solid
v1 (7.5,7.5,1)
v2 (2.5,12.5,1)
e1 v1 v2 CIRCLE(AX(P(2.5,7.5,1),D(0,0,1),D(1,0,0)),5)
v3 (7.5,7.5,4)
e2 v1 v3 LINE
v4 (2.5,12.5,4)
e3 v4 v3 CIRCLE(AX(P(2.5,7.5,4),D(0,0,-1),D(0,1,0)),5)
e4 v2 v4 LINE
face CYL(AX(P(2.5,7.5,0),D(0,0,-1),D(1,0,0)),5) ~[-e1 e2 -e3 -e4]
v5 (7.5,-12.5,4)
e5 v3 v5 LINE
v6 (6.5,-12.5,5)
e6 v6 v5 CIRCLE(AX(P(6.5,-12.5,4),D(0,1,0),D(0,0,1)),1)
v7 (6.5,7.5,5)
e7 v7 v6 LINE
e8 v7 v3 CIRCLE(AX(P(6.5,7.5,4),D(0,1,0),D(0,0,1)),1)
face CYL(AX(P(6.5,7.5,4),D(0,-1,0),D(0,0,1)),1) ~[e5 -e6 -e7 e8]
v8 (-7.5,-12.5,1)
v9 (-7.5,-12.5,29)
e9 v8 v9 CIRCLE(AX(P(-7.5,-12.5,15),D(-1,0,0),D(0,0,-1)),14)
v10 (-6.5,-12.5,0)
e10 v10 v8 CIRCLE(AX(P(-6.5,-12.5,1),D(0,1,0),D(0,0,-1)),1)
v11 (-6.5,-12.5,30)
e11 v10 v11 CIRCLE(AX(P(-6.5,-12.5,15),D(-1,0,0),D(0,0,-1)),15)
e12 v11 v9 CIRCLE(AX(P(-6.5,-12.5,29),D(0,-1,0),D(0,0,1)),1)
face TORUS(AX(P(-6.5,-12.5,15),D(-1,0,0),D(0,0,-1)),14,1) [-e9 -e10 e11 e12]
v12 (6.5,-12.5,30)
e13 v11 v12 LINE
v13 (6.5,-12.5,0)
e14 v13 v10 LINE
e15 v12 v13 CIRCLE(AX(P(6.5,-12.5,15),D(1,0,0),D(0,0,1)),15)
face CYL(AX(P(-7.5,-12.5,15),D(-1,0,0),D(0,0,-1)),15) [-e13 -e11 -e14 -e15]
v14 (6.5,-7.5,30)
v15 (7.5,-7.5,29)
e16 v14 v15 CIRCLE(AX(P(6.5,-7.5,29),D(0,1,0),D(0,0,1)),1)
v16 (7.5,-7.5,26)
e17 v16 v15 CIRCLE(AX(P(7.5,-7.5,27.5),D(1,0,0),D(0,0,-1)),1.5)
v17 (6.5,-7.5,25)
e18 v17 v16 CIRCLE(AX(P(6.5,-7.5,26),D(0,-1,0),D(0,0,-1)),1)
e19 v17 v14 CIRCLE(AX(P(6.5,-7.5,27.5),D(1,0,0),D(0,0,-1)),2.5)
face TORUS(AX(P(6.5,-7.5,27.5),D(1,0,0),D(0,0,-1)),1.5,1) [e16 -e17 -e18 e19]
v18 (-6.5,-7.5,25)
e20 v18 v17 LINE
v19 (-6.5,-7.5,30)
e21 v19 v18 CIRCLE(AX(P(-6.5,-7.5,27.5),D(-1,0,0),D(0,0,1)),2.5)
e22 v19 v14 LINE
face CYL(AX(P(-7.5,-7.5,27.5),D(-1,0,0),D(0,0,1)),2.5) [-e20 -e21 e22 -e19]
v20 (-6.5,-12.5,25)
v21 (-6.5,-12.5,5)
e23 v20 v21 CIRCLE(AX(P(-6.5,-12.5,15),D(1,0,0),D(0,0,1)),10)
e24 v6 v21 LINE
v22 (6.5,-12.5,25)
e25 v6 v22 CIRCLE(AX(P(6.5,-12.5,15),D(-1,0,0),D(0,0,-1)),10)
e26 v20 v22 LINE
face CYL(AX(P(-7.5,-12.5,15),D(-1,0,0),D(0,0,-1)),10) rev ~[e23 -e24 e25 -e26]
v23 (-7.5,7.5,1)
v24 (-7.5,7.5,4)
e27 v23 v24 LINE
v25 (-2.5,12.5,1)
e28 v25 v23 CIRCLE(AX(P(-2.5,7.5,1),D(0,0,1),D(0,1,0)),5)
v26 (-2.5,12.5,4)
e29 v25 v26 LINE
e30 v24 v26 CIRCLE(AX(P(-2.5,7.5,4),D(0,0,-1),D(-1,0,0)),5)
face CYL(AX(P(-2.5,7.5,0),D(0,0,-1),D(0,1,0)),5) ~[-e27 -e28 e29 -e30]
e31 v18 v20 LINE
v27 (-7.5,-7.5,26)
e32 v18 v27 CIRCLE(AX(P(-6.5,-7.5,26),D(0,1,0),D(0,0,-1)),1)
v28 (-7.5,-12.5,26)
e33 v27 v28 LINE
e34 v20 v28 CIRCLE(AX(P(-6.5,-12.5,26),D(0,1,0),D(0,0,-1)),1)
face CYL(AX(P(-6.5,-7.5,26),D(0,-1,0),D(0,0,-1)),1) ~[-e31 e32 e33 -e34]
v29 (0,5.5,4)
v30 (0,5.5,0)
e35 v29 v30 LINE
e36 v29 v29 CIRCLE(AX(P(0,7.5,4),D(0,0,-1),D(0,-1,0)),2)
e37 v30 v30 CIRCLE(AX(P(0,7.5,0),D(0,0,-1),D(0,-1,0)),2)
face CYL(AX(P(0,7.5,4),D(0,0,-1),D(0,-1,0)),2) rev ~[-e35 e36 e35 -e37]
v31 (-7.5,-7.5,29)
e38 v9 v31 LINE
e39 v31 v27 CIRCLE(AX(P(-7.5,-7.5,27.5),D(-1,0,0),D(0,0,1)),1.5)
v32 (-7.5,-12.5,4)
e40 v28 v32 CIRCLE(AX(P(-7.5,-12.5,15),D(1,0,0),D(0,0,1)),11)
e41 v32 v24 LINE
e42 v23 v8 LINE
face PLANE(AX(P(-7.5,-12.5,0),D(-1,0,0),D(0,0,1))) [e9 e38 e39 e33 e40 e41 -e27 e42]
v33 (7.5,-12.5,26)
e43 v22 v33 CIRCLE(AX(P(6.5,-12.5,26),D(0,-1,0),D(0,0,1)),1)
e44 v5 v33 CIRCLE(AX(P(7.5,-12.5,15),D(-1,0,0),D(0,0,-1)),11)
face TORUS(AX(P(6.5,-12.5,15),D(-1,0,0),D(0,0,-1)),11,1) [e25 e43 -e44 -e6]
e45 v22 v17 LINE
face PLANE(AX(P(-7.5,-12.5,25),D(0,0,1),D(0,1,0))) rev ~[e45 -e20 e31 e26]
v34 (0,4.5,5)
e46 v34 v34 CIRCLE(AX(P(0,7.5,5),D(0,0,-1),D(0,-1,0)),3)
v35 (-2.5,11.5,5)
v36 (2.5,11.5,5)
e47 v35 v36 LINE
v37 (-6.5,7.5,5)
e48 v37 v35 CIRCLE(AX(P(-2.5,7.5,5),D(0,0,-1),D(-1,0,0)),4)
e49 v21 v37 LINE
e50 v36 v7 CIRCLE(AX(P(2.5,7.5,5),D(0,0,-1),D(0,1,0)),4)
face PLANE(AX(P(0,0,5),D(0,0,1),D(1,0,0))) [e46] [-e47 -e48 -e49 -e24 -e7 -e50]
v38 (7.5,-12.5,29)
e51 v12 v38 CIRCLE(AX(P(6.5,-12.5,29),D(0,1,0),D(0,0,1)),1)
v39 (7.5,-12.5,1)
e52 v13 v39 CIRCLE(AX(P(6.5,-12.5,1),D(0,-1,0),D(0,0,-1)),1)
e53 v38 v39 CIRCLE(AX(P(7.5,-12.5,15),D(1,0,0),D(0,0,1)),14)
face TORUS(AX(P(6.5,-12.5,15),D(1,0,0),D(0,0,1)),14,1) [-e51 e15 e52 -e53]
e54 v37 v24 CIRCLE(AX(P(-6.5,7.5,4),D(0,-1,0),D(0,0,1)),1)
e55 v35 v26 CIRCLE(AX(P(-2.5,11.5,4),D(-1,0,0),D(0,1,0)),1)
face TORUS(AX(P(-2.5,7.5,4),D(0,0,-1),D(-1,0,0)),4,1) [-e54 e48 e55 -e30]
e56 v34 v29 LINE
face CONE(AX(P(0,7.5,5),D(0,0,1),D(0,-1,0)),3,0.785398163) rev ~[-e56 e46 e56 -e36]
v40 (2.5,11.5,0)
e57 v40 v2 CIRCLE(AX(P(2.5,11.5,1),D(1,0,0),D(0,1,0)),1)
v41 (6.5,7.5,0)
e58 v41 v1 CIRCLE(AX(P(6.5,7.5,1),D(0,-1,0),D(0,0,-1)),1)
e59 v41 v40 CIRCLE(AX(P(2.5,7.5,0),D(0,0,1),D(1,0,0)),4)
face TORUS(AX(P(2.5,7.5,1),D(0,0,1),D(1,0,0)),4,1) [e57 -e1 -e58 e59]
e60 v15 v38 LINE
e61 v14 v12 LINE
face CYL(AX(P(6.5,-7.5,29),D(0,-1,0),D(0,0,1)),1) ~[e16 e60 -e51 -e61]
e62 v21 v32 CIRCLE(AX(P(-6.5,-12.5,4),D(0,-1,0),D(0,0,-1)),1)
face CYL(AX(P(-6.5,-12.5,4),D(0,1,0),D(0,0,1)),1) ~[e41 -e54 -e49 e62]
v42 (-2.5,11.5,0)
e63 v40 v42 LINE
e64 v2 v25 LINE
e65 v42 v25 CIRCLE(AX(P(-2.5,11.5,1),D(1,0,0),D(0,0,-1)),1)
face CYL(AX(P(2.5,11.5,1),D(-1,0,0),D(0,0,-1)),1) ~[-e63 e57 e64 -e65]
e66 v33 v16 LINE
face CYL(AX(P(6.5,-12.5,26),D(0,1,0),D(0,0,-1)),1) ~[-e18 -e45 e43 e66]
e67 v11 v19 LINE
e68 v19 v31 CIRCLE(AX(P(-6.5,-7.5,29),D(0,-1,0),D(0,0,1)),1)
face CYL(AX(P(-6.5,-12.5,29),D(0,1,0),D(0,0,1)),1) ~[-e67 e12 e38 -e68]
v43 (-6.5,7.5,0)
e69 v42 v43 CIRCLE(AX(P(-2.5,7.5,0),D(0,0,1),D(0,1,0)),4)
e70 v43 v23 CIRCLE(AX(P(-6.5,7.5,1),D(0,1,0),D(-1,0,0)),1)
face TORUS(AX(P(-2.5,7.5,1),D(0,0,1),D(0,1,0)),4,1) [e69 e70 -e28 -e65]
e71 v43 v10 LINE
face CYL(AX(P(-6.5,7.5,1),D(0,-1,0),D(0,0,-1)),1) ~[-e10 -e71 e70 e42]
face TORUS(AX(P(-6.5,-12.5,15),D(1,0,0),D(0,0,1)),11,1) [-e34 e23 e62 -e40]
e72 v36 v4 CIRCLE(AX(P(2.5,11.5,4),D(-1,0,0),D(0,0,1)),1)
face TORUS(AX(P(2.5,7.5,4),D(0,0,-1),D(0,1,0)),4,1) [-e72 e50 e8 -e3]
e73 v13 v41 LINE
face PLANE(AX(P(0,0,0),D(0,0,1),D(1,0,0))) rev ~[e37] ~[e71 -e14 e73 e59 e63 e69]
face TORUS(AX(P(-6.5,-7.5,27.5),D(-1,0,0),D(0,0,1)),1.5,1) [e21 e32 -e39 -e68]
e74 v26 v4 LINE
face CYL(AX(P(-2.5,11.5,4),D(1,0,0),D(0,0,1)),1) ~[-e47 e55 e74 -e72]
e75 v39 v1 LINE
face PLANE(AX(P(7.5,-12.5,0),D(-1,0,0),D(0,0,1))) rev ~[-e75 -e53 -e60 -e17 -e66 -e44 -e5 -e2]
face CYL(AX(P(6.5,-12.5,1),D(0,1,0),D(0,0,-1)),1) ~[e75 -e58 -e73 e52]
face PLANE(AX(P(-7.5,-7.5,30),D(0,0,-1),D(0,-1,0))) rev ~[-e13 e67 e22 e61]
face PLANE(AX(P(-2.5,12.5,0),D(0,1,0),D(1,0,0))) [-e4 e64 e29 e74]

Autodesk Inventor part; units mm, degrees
ref_plane "YZ Plane" through (0, 0, 0) normal (1, 0, 0) x (0, 1, 0)
ref_plane "XZ Plane" through (0, 0, 0) normal (0, 1, 0) x (-1, 0, 0)
ref_plane "XY Plane" through (0, 0, 0) normal (0, 0, 1) x (1, 0, 0)
sketch "Sketch1" plane through (0, 0, 0) normal (0, 0, 1) x (1, 0, 0)
  line L0 (-2.5, 12.5) -> (2.5, 12.5)
  line L1 (7.5, 7.5) -> (7.5, -12.5)
  line L2 (7.5, -12.5) -> (-7.5, -12.5)
  line L3 (-7.5, -12.5) -> (-7.5, 7.5)
  line L4 (-7.5, 12.5) -> (7.5, -12.5) construction
  line L5 (7.5, 12.5) -> (-7.5, -12.5) construction
  arc A0 (-2.5, 12.5) -> (-7.5, 7.5) centre (-2.5, 7.5) ccw
  arc A1 (7.5, 7.5) -> (2.5, 12.5) centre (2.5, 7.5) ccw
  circle A2 centre (0, 7.5) radius 1.5
  point P0 (0, 0)
  dimension "d0" = 15
  dimension "d3" = 5
  dimension "d4" = 3
  dimension "d5" = 5
  dimension "HOOK_HEIGHT" = 20
extrude "Extrusion2" add sketch "Sketch1" along normal blind 5
sketch "Sketch2" plane through (0, 0, 5) normal (0, 0, 1) x (1, 0, 0)
  circle A0 centre (0, 7.5) radius 1.5 projected
  point P0 (0, 0)
hole "Hole1" at (0, 7.5, 5) direction (0, 0, -1) diameter 4 end through all countersink diameter 6 countersink angle 90
sketch "Sketch3" plane through (-7.5, -12.5, 0) normal (-1, 0, 0) x (0, 0, 1)
  line L0 (0, 0) -> (5, 0)
  line L1 (2.5, 0) -> (2.5, -6.8079) construction
  arc A0 (0, 0) -> (30, 0) centre (15, 0) ccw
  line L2 (5, 20) -> (5, 0) construction
  line L3 (0, 20) -> (0, 0) construction
  arc A1 (5, 0) -> (25, 0) centre (15, 0) ccw
  line L4 (25, 0) -> (25, 5)
  line L5 (30, 5) -> (30, 0)
  arc A2 (30, 5) -> (25, 5) centre (27.5, 5) ccw
  point P0 (0, 12.5)
  dimension "HOOK_RADIUS" = 30
  dimension "d16" = 5
  dimension "HOOK_LEN" = 5
  dimension "d18" = 5
extrude "Extrusion3" add sketch "Sketch3" against normal up to surface (15 mm away)
fillet "Fillet1" radius 1 18 edges at (7.5, -2.5, 5) (6.0355, 11.0355, 5) (0, 12.5, 5) (-6.0355, 11.0355, 5) (-7.5, -2.5, 5) (-7.5, -22.5, 15) (-7.5, -10, 25) (-7.5, -5, 27.5) (-7.5, -10, 30) (-7.5, -27.5, 15) (-7.5, -2.5, 0) (-6.0355, 11.0355, 0) (0, 12.5, 0) (6.0355, 11.0355, 0) (7.5, -2.5, 0) (7.5, -10, 30) (7.5, -5, 27.5) (7.5, -10, 25)
properties part number "curved_single_hook" material "PET Plastic"
